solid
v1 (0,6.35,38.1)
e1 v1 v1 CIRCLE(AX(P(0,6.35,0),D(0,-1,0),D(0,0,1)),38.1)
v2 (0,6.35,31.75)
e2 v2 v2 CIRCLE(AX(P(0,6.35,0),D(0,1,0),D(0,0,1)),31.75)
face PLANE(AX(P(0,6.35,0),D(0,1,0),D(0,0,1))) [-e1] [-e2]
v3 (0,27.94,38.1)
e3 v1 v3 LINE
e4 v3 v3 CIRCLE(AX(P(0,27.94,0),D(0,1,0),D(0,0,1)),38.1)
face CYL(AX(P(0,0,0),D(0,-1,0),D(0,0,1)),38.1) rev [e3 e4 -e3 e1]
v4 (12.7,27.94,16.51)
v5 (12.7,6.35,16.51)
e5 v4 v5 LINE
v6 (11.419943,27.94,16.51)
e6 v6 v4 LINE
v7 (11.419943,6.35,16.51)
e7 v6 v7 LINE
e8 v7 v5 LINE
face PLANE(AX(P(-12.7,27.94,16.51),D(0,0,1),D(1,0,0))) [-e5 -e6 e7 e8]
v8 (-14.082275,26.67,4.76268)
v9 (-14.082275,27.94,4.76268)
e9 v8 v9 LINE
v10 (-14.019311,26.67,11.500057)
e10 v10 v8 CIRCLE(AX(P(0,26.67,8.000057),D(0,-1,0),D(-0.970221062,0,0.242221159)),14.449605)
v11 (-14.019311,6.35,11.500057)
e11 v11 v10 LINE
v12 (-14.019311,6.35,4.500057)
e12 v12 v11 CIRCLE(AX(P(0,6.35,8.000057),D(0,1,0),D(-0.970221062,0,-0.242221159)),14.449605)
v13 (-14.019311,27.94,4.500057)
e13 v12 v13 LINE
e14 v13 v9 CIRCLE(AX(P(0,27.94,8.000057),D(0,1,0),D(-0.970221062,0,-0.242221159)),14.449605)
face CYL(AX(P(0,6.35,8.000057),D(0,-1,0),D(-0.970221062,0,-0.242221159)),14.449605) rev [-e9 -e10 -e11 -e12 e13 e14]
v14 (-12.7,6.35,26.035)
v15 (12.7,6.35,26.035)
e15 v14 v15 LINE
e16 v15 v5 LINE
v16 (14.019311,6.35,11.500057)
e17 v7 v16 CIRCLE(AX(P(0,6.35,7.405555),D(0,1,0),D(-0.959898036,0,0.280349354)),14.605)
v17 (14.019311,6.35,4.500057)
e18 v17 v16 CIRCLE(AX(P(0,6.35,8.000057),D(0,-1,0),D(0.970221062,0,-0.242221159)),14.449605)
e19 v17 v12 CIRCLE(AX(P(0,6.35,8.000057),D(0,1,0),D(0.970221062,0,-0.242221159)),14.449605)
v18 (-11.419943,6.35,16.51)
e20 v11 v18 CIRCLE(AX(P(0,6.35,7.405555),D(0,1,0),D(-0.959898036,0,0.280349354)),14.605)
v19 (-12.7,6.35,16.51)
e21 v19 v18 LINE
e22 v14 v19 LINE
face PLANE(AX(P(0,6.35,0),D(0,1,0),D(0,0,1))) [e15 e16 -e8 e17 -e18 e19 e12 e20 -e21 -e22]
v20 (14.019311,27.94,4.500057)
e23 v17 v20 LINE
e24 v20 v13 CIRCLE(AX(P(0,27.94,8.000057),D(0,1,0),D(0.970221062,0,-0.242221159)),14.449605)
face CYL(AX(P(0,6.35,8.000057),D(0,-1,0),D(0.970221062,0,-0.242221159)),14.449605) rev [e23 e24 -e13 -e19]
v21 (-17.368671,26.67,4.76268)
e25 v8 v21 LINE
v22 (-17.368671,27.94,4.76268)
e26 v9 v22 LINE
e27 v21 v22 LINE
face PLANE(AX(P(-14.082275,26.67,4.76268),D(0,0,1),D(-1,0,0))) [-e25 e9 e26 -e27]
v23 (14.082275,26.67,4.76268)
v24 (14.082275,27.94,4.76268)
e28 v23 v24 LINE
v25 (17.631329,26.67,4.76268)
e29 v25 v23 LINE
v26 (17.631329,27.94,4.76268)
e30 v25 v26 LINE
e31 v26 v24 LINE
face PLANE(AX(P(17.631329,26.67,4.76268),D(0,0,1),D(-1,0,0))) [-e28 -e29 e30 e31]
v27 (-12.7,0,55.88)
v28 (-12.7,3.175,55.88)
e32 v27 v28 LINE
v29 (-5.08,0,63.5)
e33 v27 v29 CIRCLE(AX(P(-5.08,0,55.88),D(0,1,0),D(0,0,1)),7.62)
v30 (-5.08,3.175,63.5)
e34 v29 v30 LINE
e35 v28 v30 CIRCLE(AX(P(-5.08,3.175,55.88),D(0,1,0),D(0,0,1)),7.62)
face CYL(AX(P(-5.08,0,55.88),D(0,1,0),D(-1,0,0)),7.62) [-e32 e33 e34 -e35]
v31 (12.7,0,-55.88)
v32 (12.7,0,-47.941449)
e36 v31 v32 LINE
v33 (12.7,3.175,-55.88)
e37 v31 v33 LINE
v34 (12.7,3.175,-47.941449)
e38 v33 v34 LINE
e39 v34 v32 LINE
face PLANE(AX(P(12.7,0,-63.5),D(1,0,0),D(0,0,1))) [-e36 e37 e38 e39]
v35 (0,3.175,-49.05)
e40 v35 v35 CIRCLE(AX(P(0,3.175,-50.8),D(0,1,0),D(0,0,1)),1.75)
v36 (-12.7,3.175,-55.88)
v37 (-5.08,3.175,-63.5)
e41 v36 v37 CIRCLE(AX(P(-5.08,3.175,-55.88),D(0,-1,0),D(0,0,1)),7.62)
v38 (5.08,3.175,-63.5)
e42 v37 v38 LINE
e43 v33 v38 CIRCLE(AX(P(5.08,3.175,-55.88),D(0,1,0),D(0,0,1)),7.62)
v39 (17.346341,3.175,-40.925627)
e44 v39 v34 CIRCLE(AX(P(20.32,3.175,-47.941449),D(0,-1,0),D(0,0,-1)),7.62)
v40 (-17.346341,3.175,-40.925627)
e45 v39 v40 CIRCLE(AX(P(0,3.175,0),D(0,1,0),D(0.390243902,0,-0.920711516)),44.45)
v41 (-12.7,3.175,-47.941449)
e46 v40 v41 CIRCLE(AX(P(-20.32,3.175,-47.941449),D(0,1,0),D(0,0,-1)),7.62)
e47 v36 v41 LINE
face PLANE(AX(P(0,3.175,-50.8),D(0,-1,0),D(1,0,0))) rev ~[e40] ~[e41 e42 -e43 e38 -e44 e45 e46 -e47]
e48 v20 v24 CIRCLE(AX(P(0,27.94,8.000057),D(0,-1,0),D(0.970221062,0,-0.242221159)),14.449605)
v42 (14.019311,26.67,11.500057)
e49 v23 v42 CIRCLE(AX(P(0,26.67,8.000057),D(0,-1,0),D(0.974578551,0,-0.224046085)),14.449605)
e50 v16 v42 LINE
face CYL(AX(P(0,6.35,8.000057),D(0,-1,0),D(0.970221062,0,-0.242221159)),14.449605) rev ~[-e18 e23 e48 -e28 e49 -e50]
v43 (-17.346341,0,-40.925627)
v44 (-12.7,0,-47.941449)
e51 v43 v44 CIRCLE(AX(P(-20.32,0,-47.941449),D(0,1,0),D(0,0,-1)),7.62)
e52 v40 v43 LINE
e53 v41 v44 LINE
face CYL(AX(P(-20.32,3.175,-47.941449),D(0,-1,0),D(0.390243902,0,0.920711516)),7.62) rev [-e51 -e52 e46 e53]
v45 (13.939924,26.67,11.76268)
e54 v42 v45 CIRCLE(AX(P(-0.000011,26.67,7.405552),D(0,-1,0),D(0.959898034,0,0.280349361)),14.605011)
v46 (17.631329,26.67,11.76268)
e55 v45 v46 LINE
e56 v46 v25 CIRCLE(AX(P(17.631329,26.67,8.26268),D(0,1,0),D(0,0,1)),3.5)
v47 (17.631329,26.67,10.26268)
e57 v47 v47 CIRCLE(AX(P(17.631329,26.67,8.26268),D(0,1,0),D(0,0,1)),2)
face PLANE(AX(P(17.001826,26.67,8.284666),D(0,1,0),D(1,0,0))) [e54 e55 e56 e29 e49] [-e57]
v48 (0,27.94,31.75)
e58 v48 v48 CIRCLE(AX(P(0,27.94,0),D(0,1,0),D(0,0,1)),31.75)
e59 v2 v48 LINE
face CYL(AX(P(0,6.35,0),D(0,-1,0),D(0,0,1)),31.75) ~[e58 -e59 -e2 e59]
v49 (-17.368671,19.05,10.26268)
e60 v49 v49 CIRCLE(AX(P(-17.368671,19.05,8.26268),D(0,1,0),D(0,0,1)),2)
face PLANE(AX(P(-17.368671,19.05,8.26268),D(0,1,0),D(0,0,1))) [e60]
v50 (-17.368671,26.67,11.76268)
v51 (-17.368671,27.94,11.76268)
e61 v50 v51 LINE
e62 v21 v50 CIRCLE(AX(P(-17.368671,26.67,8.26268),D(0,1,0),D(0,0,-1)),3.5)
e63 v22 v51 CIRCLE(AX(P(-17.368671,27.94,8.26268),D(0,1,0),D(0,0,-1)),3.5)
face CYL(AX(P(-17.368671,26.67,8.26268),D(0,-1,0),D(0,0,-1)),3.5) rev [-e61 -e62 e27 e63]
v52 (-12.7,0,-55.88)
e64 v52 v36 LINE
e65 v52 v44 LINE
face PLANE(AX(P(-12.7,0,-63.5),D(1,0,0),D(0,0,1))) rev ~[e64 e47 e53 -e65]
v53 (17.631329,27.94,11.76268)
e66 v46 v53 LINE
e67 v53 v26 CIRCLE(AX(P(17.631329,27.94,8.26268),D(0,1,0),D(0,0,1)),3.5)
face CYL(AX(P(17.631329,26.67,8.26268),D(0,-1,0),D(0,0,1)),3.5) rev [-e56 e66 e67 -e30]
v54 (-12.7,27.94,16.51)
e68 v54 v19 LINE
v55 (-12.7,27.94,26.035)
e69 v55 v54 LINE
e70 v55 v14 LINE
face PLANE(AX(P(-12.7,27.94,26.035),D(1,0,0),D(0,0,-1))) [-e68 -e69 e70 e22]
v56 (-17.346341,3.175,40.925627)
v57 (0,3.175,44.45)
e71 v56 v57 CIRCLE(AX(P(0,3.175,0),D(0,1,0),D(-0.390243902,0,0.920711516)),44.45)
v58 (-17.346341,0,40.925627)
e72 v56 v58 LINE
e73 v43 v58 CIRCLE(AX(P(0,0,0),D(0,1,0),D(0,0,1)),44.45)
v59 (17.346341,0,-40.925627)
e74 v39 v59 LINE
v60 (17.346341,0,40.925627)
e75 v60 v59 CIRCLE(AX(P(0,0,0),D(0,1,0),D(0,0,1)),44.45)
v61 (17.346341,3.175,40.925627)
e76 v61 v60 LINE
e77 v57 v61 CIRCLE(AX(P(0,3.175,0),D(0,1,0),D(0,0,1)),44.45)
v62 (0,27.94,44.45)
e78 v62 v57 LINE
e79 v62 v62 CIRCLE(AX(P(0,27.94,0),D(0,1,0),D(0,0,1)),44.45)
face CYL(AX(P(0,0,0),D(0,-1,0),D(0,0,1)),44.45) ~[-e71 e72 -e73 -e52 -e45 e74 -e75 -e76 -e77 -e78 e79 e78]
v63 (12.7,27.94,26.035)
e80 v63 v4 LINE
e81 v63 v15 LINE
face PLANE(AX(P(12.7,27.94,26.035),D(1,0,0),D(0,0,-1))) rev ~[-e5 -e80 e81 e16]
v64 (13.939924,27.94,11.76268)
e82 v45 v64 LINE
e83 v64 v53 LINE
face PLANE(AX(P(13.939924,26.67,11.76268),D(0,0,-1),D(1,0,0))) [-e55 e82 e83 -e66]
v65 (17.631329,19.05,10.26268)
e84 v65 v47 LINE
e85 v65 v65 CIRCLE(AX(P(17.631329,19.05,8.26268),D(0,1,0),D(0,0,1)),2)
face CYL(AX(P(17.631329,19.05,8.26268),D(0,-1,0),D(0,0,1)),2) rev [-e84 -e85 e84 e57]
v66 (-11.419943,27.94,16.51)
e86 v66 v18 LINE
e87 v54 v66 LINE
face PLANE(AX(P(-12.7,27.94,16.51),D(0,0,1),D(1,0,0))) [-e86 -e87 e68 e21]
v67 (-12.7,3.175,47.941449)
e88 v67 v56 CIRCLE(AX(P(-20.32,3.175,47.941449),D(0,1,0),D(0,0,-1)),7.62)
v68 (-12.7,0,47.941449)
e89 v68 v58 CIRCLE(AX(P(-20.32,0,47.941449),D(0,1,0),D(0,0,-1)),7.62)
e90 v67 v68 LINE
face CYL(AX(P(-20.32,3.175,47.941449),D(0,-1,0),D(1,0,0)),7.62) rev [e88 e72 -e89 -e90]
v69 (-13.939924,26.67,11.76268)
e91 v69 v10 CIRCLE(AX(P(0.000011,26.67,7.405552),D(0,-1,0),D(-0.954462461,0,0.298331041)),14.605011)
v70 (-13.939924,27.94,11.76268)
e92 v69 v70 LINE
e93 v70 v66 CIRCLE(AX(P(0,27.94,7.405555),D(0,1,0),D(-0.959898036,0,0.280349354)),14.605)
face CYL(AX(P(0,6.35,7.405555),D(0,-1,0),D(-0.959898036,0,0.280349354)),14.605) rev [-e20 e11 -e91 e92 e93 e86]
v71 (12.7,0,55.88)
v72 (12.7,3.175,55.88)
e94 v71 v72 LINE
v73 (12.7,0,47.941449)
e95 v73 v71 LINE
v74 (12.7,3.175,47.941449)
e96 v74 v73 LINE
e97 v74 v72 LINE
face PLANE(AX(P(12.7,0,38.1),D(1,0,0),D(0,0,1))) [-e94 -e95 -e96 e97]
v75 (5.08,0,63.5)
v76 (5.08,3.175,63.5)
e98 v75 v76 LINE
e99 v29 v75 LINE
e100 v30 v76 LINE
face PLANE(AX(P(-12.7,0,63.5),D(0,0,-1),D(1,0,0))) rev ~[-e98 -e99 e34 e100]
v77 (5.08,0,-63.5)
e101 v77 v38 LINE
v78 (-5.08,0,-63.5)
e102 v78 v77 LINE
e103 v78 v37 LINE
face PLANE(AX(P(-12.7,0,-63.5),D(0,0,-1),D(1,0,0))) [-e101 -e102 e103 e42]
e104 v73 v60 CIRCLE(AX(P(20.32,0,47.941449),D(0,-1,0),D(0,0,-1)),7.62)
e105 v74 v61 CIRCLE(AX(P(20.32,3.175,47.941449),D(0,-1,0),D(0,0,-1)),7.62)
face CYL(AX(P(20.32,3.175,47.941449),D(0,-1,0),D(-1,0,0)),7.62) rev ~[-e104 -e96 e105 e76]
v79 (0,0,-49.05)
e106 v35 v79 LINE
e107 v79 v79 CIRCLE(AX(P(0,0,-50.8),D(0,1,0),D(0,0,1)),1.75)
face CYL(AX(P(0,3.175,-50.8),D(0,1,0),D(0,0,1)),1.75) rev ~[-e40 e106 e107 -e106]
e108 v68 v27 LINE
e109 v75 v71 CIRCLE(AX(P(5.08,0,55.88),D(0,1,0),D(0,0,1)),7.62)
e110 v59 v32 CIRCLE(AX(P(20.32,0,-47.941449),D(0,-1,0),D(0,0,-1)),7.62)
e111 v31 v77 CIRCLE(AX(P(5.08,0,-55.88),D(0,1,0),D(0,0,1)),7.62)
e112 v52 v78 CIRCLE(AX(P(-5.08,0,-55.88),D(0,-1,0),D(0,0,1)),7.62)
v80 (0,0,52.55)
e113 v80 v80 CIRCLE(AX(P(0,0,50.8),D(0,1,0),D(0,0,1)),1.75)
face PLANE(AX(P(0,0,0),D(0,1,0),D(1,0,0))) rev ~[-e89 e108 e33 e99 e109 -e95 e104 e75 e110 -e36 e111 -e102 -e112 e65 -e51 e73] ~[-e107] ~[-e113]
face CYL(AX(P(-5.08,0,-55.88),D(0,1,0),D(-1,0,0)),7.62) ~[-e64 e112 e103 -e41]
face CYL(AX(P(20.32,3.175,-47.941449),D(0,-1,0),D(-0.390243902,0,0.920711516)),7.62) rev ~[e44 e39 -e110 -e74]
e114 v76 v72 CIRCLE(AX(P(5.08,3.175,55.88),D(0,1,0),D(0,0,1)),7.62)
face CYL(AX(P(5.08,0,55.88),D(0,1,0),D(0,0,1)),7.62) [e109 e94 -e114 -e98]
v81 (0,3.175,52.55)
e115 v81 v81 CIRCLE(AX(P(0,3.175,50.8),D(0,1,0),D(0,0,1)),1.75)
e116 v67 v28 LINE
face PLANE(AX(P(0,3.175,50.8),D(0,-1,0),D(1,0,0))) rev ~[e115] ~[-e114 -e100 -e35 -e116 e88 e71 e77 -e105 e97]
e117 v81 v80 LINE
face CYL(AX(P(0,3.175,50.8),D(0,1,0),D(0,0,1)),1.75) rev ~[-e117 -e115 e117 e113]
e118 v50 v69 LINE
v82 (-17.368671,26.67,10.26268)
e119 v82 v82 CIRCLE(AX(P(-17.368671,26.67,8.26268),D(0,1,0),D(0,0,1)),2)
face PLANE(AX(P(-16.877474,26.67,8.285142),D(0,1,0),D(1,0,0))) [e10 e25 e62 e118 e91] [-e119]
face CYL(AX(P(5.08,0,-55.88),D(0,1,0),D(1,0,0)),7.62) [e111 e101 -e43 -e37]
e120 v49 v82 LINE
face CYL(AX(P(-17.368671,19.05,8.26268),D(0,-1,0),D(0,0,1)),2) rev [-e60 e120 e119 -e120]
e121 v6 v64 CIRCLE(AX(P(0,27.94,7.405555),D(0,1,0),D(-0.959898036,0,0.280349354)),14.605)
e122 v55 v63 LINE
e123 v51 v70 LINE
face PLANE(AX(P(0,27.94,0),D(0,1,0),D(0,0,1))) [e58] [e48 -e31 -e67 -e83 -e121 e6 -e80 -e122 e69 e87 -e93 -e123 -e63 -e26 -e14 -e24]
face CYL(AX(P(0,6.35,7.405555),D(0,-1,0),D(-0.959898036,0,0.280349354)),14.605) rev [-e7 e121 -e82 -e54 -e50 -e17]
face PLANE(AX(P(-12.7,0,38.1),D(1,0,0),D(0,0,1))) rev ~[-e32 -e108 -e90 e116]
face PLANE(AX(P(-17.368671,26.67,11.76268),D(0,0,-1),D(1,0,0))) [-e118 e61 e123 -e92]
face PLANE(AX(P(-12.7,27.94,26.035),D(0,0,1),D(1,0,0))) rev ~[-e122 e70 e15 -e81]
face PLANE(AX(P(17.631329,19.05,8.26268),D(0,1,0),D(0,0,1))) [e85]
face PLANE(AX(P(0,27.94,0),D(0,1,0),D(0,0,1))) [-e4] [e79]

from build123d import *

# Parameters (mm, degrees)
SKETCH2_R           = 44.45
SKETCH2_R_2         = 38.1
BOSS_EXTRUDE1_DEPTH = 6.35
SKETCH2_3_R         = 44.45
SKETCH2_3_R_2       = 38.1
BOSS_EXTRUDE2_DEPTH = 27.94
SKETCH3_R           = 31.75
BOSS_EXTRUDE4_DEPTH = 21.59
CUT_EXTRUDE1_START  = -1.27
SKETCH4_R           = 2
CUT_EXTRUDE1_DEPTH  = 1.27
CUT_EXTRUDE2_START  = -8.89
SKETCH4_3_R         = 2
CUT_EXTRUDE2_DEPTH  = 8.89
SKETCH5_W           = 25.4
SKETCH5_H           = 25.4
BOSS_EXTRUDE6_DEPTH = 3.175
FILLET1_R           = 7.62
SKETCH7_R           = 1.75
CUT_EXTRUDE3_DEPTH  = 11.43
SKETCH8_W           = 25.4
SKETCH8_H           = 9.525
CUT_EXTRUDE4_DEPTH  = 21.59


with BuildPart() as part:
    # Sketch2 → Boss-Extrude1 (new body)
    # profile 1 of 2: a face of its own
    with BuildSketch(Plane(origin=(0, 0, 0), x_dir=(1, 0, 0), z_dir=(0, 1, 0))):
        with Locations(Location((0, 0, 0), (0, 0, 270))):
            Circle(SKETCH2_R)
        Circle(SKETCH2_R_2, mode=Mode.SUBTRACT)
    # profile 2 of 2: a face of its own
    with BuildSketch(Plane(origin=(0, 0, 0), x_dir=(1, 0, 0), z_dir=(0, 1, 0))):
        Circle(SKETCH2_R_2)
    extrude(amount=BOSS_EXTRUDE1_DEPTH)

    # Sketch2<3> → Boss-Extrude2 (add)
    with BuildSketch(Plane(origin=(0, 0, 0), x_dir=(1, 0, 0), z_dir=(0, 1, 0))):
        with Locations(Location((0, 0, 0), (0, 0, 270))):
            Circle(SKETCH2_3_R)
        with Locations(Location((0, 0, 0), (0, 0, 270))):
            Circle(SKETCH2_3_R_2, mode=Mode.SUBTRACT)
    extrude(amount=BOSS_EXTRUDE2_DEPTH)

    # Sketch3 → Boss-Extrude4 (add)
    # profile 1 of 3: a face of its own
    with BuildSketch(Plane(origin=(0, 6.35, 0), x_dir=(1, 0, 0), z_dir=(0, 1, 0))):
        with Locations(Location((0, 0, 0), (0, 0, 270))):
            Circle(SKETCH3_R)
        with BuildLine():
            ThreePointArc((17.528088934, -11.500057344), (21.028088934, -8.000057344), (17.528088934, -4.500057344))
            Line((17.528088934, -4.500057344), (14.019310816, -4.500057344))
            ThreePointArc((14.019310816, -4.500057344), (0, 6.449547348), (-14.019310816, -4.500057344))
            Line((-14.019310816, -4.500057344), (-17.471911066, -4.500057344))
            ThreePointArc((-17.471911066, -4.500057344), (-20.971911066, -8.000057344), (-17.471911066, -11.500057344))
            Line((-17.471911066, -11.500057344), (-14.019310816, -11.500057344))
            ThreePointArc((-14.019310816, -11.500057344), (0, -22.010555024), (14.019310816, -11.500057344))
            Line((14.019310816, -11.500057344), (17.528088934, -11.500057344))
        make_face(mode=Mode.SUBTRACT)
    # profile 2 of 3: a face of its own
    with BuildSketch(Plane(origin=(0, 6.35, 0), x_dir=(1, 0, 0), z_dir=(0, 1, 0))):
        with BuildLine():
            ThreePointArc((-14.019310816, -4.500057344), (-14.449604692, -8.000057344), (-14.019310816, -11.500057344))
            Line((-14.019310816, -11.500057344), (-17.471911066, -11.500057344))
            ThreePointArc((-17.471911066, -11.500057344), (-20.971911066, -8.000057344), (-17.471911066, -4.500057344))
            Line((-17.471911066, -4.500057344), (-14.019310816, -4.500057344))
        make_face()
    # profile 3 of 3: a face of its own
    with BuildSketch(Plane(origin=(0, 6.35, 0), x_dir=(1, 0, 0), z_dir=(0, 1, 0))):
        with BuildLine():
            Line((17.528088934, -4.500057344), (14.019310816, -4.500057344))
            ThreePointArc((14.019310816, -4.500057344), (14.449604692, -8.000057344), (14.019310816, -11.500057344))
            Line((14.019310816, -11.500057344), (17.528088934, -11.500057344))
            ThreePointArc((17.528088934, -11.500057344), (21.028088934, -8.000057344), (17.528088934, -4.500057344))
        make_face()
    extrude(amount=BOSS_EXTRUDE4_DEPTH)

    # Sketch4 → Cut-Extrude1 (cut)
    # profile 1 of 2: a face of its own
    with BuildSketch(Plane(origin=(0, 27.94, 0), x_dir=(1, 0, 0), z_dir=(0, 1, 0)).offset(CUT_EXTRUDE1_START)):
        with BuildLine():
            Line((17.631328518, -4.762679984), (14.082274801, -4.762679984))
            ThreePointArc((14.082274801, -4.762679984), (14.448973734, -8.135089853), (14.019310816, -11.500057344))
            ThreePointArc((14.019310816, -11.500057344), (13.980234208, -11.631555081), (13.939924214, -11.762679984))
            Line((13.939924214, -11.762679984), (17.631328518, -11.762679984))
            ThreePointArc((17.631328518, -11.762679984), (21.131328518, -8.262679984), (17.631328518, -4.762679984))
        make_face()
        with Locations(Location((17.631328518, -8.262679984, 0), (0, 0, 270))):
            Circle(SKETCH4_R, mode=Mode.SUBTRACT)
    # profile 2 of 2: a face of its own
    with BuildSketch(Plane(origin=(0, 27.94, 0), x_dir=(1, 0, 0), z_dir=(0, 1, 0)).offset(CUT_EXTRUDE1_START)):
        with BuildLine():
            ThreePointArc((-14.019310816, -11.500057344), (-14.448973734, -8.135089853), (-14.082274801, -4.762679984))
            Line((-14.082274801, -4.762679984), (-17.368671482, -4.762679984))
            ThreePointArc((-17.368671482, -4.762679984), (-20.868671482, -8.262679984), (-17.368671482, -11.762679984))
            Line((-17.368671482, -11.762679984), (-13.939924214, -11.762679984))
            ThreePointArc((-13.939924214, -11.762679984), (-13.980234208, -11.631555081), (-14.019310816, -11.500057344))
        make_face()
        with Locations(Location((-17.368671482, -8.262679984, 0), (0, 0, 270))):
            Circle(SKETCH4_R, mode=Mode.SUBTRACT)
    extrude(amount=CUT_EXTRUDE1_DEPTH, mode=Mode.SUBTRACT)

    # Sketch4<3> → Cut-Extrude2 (cut)
    with BuildSketch(Plane(origin=(0, 27.94, 0), x_dir=(1, 0, 0), z_dir=(0, 1, 0)).offset(CUT_EXTRUDE2_START)):
        with Locations(Location((-17.368671482, -8.262679984, 0), (0, 0, 270))):
            Circle(SKETCH4_3_R)
        with Locations(Location((17.631328518, -8.262679984, 0), (0, 0, 270))):
            Circle(SKETCH4_3_R)
    extrude(amount=CUT_EXTRUDE2_DEPTH, mode=Mode.SUBTRACT)

    # Sketch5 → Boss-Extrude6 (add)
    with BuildSketch(Plane.XZ):
        with Locations((0, 50.8)):
            Rectangle(SKETCH5_W, SKETCH5_H)
        with Locations((0, -50.8)):
            Rectangle(SKETCH5_W, SKETCH5_H)
    extrude(amount=-BOSS_EXTRUDE6_DEPTH)

    # Fillet1
    fillet1_edges = [part.edges().sort_by_distance(p)[0] for p in [
        (12.7, 1.5875, 63.5),
        (-12.7, 1.5875, 63.5),
        (12.7, 1.5875, 42.597094971),
        (-12.7, 1.5875, 42.597094971),
        (-12.7, 1.5875, -63.5),
        (12.7, 1.5875, -63.5),
        (-12.7, 1.5875, -42.597094971),
        (12.7, 1.5875, -42.597094971),
    ]]
    fillet(fillet1_edges, radius=FILLET1_R)

    # Sketch7 → Cut-Extrude3 (cut)
    with BuildSketch(Plane(origin=(0, 3.175, 0), x_dir=(1, 0, 0), z_dir=(0, 1, 0))):
        with Locations(Location((0, 50.8, 0), (0, 0, 270))):
            Circle(SKETCH7_R)
        with Locations(Location((0, -50.8, 0), (0, 0, 270))):
            Circle(SKETCH7_R)
    extrude(amount=-CUT_EXTRUDE3_DEPTH, mode=Mode.SUBTRACT)

    # Sketch8 → Cut-Extrude4 (cut)
    with BuildSketch(Plane(origin=(0, 27.94, 0), x_dir=(1, 0, 0), z_dir=(0, 1, 0))):
        with Locations((0, -21.2725)):
            Rectangle(SKETCH8_W, SKETCH8_H)
    extrude(amount=-CUT_EXTRUDE4_DEPTH, mode=Mode.SUBTRACT)


solid = part.part
